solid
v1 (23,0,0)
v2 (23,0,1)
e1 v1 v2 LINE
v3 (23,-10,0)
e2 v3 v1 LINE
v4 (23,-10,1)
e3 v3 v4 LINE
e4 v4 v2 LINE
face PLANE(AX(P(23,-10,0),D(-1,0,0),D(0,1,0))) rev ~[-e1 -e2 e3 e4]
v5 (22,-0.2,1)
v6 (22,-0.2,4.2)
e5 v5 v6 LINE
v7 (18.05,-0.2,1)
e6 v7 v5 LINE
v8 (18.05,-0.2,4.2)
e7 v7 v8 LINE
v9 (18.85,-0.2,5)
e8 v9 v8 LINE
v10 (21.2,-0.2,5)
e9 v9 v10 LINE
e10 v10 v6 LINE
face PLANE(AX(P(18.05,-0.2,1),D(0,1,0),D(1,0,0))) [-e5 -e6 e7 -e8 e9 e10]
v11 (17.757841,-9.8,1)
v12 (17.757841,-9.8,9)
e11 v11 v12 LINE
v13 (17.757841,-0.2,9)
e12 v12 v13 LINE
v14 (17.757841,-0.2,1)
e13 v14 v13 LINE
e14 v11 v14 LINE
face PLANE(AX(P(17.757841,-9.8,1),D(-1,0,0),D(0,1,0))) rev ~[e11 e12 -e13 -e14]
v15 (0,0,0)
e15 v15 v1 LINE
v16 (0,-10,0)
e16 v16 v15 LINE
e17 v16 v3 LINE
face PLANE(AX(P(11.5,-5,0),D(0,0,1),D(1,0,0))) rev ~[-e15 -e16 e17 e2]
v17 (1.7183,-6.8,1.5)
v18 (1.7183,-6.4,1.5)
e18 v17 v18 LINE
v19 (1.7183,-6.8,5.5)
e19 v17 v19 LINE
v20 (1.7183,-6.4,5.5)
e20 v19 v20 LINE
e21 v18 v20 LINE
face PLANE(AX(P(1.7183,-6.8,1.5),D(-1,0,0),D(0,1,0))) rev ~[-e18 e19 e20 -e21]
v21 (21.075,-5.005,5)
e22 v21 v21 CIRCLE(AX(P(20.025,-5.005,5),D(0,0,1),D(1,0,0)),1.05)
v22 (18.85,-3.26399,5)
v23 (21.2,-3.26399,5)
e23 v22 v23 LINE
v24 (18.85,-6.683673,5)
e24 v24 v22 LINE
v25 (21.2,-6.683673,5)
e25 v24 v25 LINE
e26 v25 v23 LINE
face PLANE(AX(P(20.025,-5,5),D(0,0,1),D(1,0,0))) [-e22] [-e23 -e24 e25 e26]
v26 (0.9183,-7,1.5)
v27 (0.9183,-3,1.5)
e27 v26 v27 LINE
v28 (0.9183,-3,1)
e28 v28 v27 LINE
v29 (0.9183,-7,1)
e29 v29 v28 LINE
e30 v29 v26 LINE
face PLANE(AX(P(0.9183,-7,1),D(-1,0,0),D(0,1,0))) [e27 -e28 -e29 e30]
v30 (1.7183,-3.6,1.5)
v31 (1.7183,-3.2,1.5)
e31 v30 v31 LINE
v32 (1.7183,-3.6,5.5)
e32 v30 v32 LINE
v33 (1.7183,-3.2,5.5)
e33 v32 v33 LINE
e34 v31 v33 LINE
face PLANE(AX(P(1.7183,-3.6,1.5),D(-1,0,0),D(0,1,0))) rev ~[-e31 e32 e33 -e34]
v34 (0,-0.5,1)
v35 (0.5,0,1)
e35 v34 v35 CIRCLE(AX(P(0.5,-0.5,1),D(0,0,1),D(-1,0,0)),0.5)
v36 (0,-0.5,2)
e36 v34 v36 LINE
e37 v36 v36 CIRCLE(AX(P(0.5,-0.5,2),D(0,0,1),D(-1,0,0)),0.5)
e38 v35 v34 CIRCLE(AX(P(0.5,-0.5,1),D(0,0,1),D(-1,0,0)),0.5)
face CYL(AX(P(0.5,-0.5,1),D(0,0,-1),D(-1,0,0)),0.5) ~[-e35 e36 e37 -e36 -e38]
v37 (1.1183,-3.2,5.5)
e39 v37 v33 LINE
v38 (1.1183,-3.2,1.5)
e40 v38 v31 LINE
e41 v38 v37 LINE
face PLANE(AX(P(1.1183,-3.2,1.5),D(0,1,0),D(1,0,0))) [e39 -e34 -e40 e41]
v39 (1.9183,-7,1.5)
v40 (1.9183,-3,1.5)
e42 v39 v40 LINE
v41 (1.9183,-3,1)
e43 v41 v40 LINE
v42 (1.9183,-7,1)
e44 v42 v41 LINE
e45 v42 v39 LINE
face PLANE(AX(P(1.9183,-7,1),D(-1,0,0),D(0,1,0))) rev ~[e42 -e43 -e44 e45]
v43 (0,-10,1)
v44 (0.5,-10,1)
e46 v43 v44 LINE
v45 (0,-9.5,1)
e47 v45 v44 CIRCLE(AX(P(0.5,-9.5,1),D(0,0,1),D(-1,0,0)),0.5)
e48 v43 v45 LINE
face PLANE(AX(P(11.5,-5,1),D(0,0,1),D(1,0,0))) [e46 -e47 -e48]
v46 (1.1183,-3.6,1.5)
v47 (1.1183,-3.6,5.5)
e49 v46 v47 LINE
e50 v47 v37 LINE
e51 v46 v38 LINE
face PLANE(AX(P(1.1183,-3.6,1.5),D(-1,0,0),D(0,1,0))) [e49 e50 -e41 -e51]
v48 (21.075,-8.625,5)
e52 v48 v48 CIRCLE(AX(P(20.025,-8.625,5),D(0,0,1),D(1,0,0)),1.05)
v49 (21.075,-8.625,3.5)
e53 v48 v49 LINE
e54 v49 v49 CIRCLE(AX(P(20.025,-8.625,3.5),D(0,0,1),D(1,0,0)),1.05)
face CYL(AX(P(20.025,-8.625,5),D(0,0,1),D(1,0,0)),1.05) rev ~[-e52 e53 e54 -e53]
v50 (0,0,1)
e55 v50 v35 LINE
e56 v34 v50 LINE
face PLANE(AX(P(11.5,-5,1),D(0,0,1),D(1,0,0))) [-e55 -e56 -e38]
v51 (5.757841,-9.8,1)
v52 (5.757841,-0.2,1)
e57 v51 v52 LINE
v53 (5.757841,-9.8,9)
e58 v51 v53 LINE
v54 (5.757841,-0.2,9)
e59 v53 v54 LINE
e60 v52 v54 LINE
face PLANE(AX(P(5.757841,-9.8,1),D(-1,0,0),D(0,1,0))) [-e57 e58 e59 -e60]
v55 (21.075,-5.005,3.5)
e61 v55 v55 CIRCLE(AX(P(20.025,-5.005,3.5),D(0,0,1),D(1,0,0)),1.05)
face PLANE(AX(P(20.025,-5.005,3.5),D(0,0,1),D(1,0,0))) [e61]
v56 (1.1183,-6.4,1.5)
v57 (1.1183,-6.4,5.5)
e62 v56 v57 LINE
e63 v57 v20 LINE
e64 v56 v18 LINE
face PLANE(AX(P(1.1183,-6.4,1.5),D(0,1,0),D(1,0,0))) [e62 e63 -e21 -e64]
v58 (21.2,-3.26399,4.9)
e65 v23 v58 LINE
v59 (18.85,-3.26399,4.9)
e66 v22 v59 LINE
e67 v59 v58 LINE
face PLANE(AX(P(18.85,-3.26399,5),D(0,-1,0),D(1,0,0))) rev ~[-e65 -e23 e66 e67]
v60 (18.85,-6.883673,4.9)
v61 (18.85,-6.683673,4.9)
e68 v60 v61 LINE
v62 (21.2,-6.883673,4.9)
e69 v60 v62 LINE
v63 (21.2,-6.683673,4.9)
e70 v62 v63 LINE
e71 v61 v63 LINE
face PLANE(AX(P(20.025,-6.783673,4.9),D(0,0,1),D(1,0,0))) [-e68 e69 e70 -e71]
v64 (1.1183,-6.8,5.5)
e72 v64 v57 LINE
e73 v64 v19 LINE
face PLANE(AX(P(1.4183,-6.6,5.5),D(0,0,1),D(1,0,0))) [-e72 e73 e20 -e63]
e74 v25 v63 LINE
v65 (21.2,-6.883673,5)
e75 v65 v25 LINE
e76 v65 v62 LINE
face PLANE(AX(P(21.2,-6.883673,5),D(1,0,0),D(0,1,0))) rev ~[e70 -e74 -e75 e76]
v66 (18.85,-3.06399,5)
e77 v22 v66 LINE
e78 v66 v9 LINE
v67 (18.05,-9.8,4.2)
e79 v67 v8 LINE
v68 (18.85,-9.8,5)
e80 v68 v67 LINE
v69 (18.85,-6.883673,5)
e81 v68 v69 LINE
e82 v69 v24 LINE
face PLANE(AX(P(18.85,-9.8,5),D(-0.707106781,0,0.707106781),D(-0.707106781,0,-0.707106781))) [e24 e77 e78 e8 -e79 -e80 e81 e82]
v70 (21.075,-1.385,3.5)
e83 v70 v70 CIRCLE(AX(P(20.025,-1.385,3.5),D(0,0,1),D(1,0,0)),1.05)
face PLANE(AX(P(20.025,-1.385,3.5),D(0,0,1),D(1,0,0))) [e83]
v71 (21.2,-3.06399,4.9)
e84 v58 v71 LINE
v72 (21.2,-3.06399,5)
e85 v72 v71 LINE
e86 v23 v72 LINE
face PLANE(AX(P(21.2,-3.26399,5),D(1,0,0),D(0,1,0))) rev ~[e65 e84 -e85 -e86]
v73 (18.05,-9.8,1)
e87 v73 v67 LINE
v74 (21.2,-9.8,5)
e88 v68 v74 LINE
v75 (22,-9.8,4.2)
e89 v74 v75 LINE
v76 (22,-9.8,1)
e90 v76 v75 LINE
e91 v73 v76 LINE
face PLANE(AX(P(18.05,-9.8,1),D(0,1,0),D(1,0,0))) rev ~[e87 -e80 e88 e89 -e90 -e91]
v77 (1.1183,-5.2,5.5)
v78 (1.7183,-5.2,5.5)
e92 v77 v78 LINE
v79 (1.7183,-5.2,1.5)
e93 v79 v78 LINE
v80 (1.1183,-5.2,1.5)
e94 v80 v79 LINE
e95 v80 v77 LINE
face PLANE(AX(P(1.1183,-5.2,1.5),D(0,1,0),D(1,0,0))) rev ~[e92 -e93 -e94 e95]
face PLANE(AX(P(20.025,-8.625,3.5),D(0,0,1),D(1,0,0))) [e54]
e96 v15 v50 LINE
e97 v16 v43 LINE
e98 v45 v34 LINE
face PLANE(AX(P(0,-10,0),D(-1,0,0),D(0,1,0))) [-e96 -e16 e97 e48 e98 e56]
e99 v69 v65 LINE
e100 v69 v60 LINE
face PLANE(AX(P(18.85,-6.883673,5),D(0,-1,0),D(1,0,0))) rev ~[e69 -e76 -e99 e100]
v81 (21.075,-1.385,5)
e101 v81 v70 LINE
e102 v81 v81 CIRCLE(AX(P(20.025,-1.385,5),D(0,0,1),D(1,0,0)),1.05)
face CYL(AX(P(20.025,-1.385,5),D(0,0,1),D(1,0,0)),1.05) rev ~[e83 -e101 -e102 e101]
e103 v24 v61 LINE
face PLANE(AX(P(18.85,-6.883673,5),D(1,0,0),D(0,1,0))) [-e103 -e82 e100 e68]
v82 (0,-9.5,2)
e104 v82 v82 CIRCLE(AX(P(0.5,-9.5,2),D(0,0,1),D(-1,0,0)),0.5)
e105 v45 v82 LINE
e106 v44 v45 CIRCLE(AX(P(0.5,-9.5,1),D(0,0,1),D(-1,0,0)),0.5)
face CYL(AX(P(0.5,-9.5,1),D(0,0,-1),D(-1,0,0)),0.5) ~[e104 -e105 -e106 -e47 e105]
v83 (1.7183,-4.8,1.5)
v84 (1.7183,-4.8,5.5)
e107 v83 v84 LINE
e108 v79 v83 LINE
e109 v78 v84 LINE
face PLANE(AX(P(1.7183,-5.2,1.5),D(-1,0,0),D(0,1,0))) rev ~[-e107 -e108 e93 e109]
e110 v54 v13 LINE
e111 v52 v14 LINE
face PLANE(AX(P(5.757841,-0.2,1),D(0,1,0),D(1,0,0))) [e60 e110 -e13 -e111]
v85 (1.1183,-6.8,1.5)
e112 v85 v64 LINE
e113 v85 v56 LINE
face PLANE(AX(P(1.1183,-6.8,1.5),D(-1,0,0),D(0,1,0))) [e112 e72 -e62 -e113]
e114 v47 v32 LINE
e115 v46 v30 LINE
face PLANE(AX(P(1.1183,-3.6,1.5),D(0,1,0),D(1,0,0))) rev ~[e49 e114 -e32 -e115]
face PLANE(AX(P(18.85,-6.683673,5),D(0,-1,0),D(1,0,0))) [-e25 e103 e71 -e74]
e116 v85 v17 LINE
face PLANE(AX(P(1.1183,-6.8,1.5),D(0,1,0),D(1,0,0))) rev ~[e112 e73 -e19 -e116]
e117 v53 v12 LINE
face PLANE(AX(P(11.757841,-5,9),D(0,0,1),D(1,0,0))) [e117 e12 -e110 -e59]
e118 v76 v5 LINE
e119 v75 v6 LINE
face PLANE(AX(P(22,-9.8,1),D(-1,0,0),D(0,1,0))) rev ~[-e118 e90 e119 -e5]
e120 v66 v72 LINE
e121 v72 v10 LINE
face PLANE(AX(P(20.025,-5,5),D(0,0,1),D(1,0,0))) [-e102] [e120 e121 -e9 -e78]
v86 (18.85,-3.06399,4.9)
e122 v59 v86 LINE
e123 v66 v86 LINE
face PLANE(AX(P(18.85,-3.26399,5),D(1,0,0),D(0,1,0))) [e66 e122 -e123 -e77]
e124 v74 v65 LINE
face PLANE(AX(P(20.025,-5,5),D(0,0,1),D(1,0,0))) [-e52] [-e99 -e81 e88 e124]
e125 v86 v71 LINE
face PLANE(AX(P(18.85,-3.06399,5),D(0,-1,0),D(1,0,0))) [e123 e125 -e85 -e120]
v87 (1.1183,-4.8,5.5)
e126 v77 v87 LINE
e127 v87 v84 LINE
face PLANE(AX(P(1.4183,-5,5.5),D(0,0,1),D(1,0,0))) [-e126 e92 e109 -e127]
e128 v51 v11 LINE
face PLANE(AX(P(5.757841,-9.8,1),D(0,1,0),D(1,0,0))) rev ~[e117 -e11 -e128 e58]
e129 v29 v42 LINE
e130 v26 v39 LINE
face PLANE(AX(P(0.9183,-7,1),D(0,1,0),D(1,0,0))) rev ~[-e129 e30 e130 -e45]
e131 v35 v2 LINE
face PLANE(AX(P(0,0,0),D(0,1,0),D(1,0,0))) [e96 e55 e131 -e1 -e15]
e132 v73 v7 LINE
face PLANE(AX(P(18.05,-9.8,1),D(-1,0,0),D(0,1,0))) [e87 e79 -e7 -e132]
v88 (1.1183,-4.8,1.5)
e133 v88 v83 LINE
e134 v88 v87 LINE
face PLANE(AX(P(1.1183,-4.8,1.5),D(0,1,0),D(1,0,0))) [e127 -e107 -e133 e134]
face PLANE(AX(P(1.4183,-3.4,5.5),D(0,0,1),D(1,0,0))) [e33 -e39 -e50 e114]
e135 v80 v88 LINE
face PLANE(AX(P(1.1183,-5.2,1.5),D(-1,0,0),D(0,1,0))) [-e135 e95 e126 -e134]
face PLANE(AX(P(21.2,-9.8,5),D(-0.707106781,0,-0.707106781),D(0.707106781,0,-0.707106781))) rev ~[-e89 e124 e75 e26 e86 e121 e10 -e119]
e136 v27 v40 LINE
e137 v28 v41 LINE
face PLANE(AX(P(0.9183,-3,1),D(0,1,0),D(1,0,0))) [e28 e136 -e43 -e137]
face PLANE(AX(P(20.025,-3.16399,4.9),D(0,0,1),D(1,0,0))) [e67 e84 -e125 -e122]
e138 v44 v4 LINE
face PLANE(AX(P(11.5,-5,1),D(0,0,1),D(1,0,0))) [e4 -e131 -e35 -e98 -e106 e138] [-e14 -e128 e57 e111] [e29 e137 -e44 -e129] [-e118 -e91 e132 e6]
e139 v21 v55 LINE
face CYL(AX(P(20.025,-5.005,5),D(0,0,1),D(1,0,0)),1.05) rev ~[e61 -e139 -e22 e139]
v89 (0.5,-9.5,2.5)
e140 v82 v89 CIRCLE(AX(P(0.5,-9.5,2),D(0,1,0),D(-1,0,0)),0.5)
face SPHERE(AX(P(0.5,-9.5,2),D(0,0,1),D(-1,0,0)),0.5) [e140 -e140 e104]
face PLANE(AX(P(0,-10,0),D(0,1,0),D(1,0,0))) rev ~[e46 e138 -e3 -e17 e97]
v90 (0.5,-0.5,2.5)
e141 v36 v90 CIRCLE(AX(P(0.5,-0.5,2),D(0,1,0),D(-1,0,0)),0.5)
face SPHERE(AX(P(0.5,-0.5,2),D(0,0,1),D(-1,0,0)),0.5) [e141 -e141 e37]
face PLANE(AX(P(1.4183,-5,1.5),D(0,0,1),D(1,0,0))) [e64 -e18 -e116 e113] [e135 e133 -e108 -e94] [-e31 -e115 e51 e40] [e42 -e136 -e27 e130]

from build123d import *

# Parameters (mm, degrees)
SKETCH1_W           = 23
SKETCH1_H           = 10
BOSS_EXTRUDE1_DEPTH = 1
SKETCH2_W           = 3.95
SKETCH2_H           = 9.6
BOSS_EXTRUDE2_DEPTH = 4
SKETCH5_W           = 12
SKETCH5_H           = 9.6
BOSS_EXTRUDE3_DEPTH = 8
CUT_EXTRUDE1_REACH  = 28.571
SKETCH7_R           = 1.05
CUT_EXTRUDE3_DEPTH  = 1.5
SKETCH9_W           = 2.35
SKETCH9_H           = 0.2
CUT_EXTRUDE4_DEPTH  = 0.1
SKETCH10_W          = 1
SKETCH10_H          = 4
BOSS_EXTRUDE4_DEPTH = 0.5
SKETCH11_W          = 0.6
SKETCH11_H          = 0.4
BOSS_EXTRUDE5_DEPTH = 4
SKETCH12_R          = 0.5
BOSS_EXTRUDE6_DEPTH = 1.5
FILLET3_R           = 0.5


with BuildPart() as part:
    # Sketch1 → Boss-Extrude1 (new body)
    with BuildSketch(Plane.XY):
        with Locations((11.5, -5)):
            Rectangle(SKETCH1_W, SKETCH1_H)
    extrude(amount=BOSS_EXTRUDE1_DEPTH)

    # Sketch2 → Boss-Extrude2 (add)
    with BuildSketch(Plane.XY.offset(1)):
        with Locations((20.025, -5)):
            Rectangle(SKETCH2_W, SKETCH2_H)
    extrude(amount=BOSS_EXTRUDE2_DEPTH)

    # Sketch5 → Boss-Extrude3 (add)
    with BuildSketch(Plane.XY.offset(1)):
        with Locations((11.757840523, -5)):
            Rectangle(SKETCH5_W, SKETCH5_H)
    extrude(amount=BOSS_EXTRUDE3_DEPTH)

    # Sketch6 → Cut-Extrude1 (cut, up to next)
    with BuildSketch(Plane.XZ.offset(9.8), mode=Mode.PRIVATE) as cut_extrude1_sk1:
        Polygon((21.2, 5), (22, 4.2), (22, 5), align=None)
    cut_extrude1_tool1 = extrude(cut_extrude1_sk1.sketch, amount=-CUT_EXTRUDE1_REACH, mode=Mode.PRIVATE) & part.part
    # Sketch6 → Cut-Extrude1 (cut, up to next)
    with BuildSketch(Plane.XZ.offset(9.8), mode=Mode.PRIVATE) as cut_extrude1_sk2:
        Polygon((18.05, 5), (18.85, 5), (18.05, 4.2), align=None)
    cut_extrude1_tool2 = extrude(cut_extrude1_sk2.sketch, amount=-CUT_EXTRUDE1_REACH, mode=Mode.PRIVATE) & part.part
    add(cut_extrude1_tool1.solids().sort_by_distance((21.733333, -9.8, 4.733333))[0], mode=Mode.SUBTRACT)
    add(cut_extrude1_tool2.solids().sort_by_distance((18.316667, -9.8, 4.733333))[0], mode=Mode.SUBTRACT)

    # Sketch7 → Cut-Extrude3 (cut)
    with BuildSketch(Plane.XY.offset(5)):
        with Locations((20.025, -8.625)):
            Circle(SKETCH7_R)
        with Locations((20.025, -5.005)):
            Circle(SKETCH7_R)
        with Locations((20.025, -1.385)):
            Circle(SKETCH7_R)
    extrude(amount=-CUT_EXTRUDE3_DEPTH, mode=Mode.SUBTRACT)

    # Sketch9 → Cut-Extrude4 (cut)
    with BuildSketch(Plane.XY.offset(5)):
        with Locations((20.025, -6.783672737)):
            Rectangle(SKETCH9_W, SKETCH9_H)
        with Locations((20.025, -3.163989789)):
            Rectangle(SKETCH9_W, SKETCH9_H)
    extrude(amount=-CUT_EXTRUDE4_DEPTH, mode=Mode.SUBTRACT)

    # Sketch10 → Boss-Extrude4 (add)
    with BuildSketch(Plane.XY.offset(1)):
        with Locations((1.418300491, -5)):
            Rectangle(SKETCH10_W, SKETCH10_H)
    extrude(amount=BOSS_EXTRUDE4_DEPTH)

    # Sketch11 → Boss-Extrude5 (add)
    with BuildSketch(Plane.XY.offset(1.5)):
        with Locations((1.418300491, -5)):
            Rectangle(SKETCH11_W, SKETCH11_H)
        with Locations((1.418300491, -3.4)):
            Rectangle(SKETCH11_W, SKETCH11_H)
        with Locations((1.418300491, -6.6)):
            Rectangle(SKETCH11_W, SKETCH11_H)
    extrude(amount=BOSS_EXTRUDE5_DEPTH)

    # Sketch12 → Boss-Extrude6 (add)
    with BuildSketch(Plane.XY.offset(1)):
        with Locations(Location((0.5, -9.5, 0), (0, 0, 180))):
            Circle(SKETCH12_R)
        with Locations(Location((0.5, -0.5, 0), (0, 0, 180))):
            Circle(SKETCH12_R)
    extrude(amount=BOSS_EXTRUDE6_DEPTH)

    # Fillet3
    fillet3_edges = [part.edges().sort_by_distance(p)[0] for p in [
        (1, -0.5, 2.5),
        (1, -9.5, 2.5),
    ]]
    fillet(fillet3_edges, radius=FILLET3_R)


solid = part.part
